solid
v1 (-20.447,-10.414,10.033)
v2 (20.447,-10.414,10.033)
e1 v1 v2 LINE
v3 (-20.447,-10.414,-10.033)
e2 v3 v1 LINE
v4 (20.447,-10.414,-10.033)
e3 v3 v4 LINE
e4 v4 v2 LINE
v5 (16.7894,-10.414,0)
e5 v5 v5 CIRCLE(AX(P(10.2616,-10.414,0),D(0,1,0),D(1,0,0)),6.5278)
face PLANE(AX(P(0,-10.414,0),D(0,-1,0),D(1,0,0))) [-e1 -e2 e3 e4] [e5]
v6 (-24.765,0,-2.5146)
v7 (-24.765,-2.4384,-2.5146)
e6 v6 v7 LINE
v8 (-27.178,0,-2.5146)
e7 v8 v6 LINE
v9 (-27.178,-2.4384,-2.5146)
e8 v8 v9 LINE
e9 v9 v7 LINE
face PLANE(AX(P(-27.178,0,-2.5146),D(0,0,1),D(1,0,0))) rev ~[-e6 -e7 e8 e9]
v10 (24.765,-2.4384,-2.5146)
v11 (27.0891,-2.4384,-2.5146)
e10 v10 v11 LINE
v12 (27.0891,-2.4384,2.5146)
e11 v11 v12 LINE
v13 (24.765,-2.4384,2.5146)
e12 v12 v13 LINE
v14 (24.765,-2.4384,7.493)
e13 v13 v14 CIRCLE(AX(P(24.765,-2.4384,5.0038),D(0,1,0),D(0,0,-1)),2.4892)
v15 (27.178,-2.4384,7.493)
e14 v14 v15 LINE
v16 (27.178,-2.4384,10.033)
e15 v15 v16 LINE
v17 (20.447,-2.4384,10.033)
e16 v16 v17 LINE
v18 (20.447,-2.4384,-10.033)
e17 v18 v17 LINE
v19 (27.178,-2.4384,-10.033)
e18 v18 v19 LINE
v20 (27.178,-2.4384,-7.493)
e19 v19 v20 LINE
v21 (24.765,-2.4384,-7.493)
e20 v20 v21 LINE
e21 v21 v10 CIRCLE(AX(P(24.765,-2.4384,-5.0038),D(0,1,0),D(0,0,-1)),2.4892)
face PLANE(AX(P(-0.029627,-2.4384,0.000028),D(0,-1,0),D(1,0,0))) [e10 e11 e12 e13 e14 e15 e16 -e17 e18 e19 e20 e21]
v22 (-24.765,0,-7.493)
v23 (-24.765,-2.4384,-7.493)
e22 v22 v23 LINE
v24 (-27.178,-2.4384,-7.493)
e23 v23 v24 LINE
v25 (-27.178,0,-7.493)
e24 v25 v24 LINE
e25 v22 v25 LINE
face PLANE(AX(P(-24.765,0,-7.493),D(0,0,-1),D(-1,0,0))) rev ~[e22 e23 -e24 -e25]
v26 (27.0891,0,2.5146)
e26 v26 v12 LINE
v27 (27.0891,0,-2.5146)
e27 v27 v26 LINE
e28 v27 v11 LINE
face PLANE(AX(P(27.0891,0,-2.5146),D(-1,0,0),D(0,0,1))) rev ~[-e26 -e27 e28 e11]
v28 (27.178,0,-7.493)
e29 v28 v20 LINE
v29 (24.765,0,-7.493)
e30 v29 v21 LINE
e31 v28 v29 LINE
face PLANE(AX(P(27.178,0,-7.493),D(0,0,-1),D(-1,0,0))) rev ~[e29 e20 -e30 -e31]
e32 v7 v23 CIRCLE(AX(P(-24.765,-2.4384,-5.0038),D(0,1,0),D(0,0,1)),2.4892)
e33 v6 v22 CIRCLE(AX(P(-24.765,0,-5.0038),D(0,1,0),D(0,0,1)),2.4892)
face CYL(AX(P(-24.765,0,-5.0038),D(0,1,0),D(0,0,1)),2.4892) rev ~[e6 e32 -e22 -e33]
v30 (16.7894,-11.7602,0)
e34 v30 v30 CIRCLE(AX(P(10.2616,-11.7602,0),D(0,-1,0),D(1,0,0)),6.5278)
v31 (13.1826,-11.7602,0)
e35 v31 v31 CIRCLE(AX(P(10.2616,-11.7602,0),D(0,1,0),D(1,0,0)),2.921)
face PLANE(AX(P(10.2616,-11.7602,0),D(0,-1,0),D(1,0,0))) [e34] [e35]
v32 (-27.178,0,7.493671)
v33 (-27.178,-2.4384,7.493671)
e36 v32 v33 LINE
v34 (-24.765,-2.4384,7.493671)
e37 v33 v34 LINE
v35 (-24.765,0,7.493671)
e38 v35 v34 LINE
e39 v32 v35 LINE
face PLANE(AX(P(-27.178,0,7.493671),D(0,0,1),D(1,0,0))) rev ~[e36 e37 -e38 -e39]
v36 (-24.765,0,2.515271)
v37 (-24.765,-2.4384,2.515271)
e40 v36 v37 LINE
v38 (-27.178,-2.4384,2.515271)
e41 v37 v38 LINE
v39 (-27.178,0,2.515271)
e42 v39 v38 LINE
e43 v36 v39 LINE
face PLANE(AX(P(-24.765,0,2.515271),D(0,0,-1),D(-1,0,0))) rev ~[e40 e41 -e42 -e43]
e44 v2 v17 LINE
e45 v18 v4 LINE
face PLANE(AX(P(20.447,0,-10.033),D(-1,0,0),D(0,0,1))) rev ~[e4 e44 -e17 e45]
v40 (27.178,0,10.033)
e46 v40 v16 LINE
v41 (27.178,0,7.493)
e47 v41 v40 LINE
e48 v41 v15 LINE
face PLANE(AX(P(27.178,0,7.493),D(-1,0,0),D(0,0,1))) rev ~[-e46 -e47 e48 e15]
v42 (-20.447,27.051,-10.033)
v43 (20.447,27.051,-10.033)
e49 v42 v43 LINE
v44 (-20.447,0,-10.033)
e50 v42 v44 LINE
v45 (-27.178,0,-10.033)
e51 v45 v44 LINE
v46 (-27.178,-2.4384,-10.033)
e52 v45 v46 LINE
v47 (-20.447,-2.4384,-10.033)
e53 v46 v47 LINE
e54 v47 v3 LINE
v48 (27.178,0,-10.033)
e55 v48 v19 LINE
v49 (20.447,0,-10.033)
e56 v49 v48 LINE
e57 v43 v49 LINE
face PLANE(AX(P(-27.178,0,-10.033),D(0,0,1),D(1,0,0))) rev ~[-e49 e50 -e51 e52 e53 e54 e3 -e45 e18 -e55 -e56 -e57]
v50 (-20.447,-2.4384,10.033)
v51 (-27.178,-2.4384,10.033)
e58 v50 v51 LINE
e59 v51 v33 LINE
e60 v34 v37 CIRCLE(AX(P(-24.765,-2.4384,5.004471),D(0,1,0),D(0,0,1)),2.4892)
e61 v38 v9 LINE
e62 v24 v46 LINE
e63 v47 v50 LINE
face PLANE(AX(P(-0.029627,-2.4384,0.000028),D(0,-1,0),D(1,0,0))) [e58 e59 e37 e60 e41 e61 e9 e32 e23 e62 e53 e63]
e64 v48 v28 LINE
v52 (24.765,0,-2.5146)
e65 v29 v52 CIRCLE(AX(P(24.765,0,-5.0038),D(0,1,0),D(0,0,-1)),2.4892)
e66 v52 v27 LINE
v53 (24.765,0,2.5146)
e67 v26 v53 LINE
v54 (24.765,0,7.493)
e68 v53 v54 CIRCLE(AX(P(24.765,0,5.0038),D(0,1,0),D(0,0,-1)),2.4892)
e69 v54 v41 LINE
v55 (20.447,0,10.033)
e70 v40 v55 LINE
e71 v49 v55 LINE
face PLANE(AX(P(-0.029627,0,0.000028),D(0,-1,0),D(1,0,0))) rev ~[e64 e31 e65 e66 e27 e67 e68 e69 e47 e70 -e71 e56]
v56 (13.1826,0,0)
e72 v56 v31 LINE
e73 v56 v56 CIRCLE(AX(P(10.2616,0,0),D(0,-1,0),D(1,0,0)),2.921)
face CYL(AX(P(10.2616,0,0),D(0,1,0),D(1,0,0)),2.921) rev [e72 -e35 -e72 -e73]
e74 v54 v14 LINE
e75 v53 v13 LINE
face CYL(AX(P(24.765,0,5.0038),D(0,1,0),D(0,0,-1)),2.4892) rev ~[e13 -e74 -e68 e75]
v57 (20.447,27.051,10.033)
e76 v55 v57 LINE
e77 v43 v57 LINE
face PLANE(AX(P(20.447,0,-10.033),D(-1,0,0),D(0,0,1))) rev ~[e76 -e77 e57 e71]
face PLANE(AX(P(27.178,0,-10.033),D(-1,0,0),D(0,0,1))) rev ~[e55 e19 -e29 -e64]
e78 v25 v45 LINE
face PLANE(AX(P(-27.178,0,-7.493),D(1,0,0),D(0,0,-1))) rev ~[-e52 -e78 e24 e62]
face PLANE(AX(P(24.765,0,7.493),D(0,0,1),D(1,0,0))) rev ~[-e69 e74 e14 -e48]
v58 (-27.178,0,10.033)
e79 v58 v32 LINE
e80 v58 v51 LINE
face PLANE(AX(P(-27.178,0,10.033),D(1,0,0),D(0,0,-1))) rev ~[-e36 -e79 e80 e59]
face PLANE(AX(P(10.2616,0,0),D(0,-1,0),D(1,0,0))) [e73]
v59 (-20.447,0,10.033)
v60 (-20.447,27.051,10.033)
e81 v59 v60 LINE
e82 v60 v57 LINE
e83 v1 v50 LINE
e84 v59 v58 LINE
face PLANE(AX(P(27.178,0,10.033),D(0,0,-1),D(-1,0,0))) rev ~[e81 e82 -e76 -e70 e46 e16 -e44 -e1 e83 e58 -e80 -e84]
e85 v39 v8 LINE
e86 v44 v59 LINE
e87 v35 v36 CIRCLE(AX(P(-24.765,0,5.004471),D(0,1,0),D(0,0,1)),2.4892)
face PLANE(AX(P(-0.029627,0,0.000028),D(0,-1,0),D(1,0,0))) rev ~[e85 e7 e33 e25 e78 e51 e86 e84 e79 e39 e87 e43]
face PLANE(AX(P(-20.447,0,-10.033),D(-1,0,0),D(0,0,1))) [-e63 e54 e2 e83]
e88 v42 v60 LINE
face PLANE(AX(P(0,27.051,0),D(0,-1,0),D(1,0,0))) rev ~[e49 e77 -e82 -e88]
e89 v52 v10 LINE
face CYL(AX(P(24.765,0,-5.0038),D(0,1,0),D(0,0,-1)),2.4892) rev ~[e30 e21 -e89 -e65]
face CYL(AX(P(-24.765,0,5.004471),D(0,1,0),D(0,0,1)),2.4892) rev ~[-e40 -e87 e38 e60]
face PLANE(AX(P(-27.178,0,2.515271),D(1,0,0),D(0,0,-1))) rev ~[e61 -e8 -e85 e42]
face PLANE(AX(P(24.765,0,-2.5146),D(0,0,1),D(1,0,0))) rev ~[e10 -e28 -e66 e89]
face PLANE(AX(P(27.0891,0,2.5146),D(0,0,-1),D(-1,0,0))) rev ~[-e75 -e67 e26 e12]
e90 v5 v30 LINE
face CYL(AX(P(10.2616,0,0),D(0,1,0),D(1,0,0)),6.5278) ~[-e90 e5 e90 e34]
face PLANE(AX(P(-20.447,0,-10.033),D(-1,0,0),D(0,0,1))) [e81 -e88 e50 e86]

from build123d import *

# Parameters (mm, degrees)
F0_W          = 40.894
F0_H          = 20.066
F1_DEPTH      = 27.051
F1_DEPTH_BACK = 10.414
F3_DEPTH      = 2.4384
F4_R          = 6.5278
F5_DEPTH      = 11.7602
F6_R          = 2.921
F7_DEPTH      = 14.1986


with BuildPart() as f1:
    # F0 (on Front) → F1 (new body, two sides)
    with BuildSketch(Plane.XZ) as f1_sk:
        Rectangle(F0_W, F0_H)
    extrude(amount=-F1_DEPTH)
    extrude(f1_sk.sketch, amount=F1_DEPTH_BACK)

    # F2 (on Front) → F3 (join)
    with BuildSketch(Plane.XZ):
        with BuildLine():
            Line((27.178, 7.493), (27.178, 10.033))
            Line((27.178, 10.033), (-27.178, 10.033))
            Line((-27.178, 10.033), (-27.178, 7.4936705553))
            Line((-27.178, 7.4936705553), (-24.765, 7.4936705553))
            ThreePointArc((-24.765, 7.4936705553), (-22.2758, 5.0044705553), (-24.765, 2.5152705553))
            Line((-24.765, 2.5152705553), (-27.178, 2.5152705553))
            Line((-27.178, 2.5152705553), (-27.178, -2.5146000189))
            Line((-27.178, -2.5146000189), (-24.765, -2.5146000189))
            ThreePointArc((-24.765, -2.5146000189), (-22.2758000189, -5.0038), (-24.765, -7.4929999811))
            Line((-24.765, -7.4929999811), (-27.178, -7.4929999811))
            Line((-27.178, -7.4929999811), (-27.178, -10.033))
            Line((-27.178, -10.033), (27.178, -10.033))
            Line((27.178, -10.033), (27.178, -7.493))
            Line((27.178, -7.493), (24.765, -7.493))
            ThreePointArc((24.765, -7.493), (22.2758, -5.0038), (24.765, -2.5146))
            Line((24.765, -2.5146), (27.0891, -2.5146))
            Line((27.0891, -2.5146), (27.0891, 2.5146))
            Line((27.0891, 2.5146), (24.765, 2.5146))
            ThreePointArc((24.765, 2.5146), (22.2758, 5.0038), (24.765, 7.493))
            Line((24.765, 7.493), (27.178, 7.493))
        make_face()
    extrude(amount=F3_DEPTH)

    # F4 (on Front) → F5 (join)
    with BuildSketch(Plane.XZ):
        with Locations((10.2616, 0)):
            Circle(F4_R)
    extrude(amount=F5_DEPTH)

    # F6 (on Front) → F7 (cut)
    with BuildSketch(Plane.XZ):
        with Locations((10.2616, 0)):
            Circle(F6_R)
    extrude(amount=F7_DEPTH, mode=Mode.SUBTRACT)


solid = f1.part
